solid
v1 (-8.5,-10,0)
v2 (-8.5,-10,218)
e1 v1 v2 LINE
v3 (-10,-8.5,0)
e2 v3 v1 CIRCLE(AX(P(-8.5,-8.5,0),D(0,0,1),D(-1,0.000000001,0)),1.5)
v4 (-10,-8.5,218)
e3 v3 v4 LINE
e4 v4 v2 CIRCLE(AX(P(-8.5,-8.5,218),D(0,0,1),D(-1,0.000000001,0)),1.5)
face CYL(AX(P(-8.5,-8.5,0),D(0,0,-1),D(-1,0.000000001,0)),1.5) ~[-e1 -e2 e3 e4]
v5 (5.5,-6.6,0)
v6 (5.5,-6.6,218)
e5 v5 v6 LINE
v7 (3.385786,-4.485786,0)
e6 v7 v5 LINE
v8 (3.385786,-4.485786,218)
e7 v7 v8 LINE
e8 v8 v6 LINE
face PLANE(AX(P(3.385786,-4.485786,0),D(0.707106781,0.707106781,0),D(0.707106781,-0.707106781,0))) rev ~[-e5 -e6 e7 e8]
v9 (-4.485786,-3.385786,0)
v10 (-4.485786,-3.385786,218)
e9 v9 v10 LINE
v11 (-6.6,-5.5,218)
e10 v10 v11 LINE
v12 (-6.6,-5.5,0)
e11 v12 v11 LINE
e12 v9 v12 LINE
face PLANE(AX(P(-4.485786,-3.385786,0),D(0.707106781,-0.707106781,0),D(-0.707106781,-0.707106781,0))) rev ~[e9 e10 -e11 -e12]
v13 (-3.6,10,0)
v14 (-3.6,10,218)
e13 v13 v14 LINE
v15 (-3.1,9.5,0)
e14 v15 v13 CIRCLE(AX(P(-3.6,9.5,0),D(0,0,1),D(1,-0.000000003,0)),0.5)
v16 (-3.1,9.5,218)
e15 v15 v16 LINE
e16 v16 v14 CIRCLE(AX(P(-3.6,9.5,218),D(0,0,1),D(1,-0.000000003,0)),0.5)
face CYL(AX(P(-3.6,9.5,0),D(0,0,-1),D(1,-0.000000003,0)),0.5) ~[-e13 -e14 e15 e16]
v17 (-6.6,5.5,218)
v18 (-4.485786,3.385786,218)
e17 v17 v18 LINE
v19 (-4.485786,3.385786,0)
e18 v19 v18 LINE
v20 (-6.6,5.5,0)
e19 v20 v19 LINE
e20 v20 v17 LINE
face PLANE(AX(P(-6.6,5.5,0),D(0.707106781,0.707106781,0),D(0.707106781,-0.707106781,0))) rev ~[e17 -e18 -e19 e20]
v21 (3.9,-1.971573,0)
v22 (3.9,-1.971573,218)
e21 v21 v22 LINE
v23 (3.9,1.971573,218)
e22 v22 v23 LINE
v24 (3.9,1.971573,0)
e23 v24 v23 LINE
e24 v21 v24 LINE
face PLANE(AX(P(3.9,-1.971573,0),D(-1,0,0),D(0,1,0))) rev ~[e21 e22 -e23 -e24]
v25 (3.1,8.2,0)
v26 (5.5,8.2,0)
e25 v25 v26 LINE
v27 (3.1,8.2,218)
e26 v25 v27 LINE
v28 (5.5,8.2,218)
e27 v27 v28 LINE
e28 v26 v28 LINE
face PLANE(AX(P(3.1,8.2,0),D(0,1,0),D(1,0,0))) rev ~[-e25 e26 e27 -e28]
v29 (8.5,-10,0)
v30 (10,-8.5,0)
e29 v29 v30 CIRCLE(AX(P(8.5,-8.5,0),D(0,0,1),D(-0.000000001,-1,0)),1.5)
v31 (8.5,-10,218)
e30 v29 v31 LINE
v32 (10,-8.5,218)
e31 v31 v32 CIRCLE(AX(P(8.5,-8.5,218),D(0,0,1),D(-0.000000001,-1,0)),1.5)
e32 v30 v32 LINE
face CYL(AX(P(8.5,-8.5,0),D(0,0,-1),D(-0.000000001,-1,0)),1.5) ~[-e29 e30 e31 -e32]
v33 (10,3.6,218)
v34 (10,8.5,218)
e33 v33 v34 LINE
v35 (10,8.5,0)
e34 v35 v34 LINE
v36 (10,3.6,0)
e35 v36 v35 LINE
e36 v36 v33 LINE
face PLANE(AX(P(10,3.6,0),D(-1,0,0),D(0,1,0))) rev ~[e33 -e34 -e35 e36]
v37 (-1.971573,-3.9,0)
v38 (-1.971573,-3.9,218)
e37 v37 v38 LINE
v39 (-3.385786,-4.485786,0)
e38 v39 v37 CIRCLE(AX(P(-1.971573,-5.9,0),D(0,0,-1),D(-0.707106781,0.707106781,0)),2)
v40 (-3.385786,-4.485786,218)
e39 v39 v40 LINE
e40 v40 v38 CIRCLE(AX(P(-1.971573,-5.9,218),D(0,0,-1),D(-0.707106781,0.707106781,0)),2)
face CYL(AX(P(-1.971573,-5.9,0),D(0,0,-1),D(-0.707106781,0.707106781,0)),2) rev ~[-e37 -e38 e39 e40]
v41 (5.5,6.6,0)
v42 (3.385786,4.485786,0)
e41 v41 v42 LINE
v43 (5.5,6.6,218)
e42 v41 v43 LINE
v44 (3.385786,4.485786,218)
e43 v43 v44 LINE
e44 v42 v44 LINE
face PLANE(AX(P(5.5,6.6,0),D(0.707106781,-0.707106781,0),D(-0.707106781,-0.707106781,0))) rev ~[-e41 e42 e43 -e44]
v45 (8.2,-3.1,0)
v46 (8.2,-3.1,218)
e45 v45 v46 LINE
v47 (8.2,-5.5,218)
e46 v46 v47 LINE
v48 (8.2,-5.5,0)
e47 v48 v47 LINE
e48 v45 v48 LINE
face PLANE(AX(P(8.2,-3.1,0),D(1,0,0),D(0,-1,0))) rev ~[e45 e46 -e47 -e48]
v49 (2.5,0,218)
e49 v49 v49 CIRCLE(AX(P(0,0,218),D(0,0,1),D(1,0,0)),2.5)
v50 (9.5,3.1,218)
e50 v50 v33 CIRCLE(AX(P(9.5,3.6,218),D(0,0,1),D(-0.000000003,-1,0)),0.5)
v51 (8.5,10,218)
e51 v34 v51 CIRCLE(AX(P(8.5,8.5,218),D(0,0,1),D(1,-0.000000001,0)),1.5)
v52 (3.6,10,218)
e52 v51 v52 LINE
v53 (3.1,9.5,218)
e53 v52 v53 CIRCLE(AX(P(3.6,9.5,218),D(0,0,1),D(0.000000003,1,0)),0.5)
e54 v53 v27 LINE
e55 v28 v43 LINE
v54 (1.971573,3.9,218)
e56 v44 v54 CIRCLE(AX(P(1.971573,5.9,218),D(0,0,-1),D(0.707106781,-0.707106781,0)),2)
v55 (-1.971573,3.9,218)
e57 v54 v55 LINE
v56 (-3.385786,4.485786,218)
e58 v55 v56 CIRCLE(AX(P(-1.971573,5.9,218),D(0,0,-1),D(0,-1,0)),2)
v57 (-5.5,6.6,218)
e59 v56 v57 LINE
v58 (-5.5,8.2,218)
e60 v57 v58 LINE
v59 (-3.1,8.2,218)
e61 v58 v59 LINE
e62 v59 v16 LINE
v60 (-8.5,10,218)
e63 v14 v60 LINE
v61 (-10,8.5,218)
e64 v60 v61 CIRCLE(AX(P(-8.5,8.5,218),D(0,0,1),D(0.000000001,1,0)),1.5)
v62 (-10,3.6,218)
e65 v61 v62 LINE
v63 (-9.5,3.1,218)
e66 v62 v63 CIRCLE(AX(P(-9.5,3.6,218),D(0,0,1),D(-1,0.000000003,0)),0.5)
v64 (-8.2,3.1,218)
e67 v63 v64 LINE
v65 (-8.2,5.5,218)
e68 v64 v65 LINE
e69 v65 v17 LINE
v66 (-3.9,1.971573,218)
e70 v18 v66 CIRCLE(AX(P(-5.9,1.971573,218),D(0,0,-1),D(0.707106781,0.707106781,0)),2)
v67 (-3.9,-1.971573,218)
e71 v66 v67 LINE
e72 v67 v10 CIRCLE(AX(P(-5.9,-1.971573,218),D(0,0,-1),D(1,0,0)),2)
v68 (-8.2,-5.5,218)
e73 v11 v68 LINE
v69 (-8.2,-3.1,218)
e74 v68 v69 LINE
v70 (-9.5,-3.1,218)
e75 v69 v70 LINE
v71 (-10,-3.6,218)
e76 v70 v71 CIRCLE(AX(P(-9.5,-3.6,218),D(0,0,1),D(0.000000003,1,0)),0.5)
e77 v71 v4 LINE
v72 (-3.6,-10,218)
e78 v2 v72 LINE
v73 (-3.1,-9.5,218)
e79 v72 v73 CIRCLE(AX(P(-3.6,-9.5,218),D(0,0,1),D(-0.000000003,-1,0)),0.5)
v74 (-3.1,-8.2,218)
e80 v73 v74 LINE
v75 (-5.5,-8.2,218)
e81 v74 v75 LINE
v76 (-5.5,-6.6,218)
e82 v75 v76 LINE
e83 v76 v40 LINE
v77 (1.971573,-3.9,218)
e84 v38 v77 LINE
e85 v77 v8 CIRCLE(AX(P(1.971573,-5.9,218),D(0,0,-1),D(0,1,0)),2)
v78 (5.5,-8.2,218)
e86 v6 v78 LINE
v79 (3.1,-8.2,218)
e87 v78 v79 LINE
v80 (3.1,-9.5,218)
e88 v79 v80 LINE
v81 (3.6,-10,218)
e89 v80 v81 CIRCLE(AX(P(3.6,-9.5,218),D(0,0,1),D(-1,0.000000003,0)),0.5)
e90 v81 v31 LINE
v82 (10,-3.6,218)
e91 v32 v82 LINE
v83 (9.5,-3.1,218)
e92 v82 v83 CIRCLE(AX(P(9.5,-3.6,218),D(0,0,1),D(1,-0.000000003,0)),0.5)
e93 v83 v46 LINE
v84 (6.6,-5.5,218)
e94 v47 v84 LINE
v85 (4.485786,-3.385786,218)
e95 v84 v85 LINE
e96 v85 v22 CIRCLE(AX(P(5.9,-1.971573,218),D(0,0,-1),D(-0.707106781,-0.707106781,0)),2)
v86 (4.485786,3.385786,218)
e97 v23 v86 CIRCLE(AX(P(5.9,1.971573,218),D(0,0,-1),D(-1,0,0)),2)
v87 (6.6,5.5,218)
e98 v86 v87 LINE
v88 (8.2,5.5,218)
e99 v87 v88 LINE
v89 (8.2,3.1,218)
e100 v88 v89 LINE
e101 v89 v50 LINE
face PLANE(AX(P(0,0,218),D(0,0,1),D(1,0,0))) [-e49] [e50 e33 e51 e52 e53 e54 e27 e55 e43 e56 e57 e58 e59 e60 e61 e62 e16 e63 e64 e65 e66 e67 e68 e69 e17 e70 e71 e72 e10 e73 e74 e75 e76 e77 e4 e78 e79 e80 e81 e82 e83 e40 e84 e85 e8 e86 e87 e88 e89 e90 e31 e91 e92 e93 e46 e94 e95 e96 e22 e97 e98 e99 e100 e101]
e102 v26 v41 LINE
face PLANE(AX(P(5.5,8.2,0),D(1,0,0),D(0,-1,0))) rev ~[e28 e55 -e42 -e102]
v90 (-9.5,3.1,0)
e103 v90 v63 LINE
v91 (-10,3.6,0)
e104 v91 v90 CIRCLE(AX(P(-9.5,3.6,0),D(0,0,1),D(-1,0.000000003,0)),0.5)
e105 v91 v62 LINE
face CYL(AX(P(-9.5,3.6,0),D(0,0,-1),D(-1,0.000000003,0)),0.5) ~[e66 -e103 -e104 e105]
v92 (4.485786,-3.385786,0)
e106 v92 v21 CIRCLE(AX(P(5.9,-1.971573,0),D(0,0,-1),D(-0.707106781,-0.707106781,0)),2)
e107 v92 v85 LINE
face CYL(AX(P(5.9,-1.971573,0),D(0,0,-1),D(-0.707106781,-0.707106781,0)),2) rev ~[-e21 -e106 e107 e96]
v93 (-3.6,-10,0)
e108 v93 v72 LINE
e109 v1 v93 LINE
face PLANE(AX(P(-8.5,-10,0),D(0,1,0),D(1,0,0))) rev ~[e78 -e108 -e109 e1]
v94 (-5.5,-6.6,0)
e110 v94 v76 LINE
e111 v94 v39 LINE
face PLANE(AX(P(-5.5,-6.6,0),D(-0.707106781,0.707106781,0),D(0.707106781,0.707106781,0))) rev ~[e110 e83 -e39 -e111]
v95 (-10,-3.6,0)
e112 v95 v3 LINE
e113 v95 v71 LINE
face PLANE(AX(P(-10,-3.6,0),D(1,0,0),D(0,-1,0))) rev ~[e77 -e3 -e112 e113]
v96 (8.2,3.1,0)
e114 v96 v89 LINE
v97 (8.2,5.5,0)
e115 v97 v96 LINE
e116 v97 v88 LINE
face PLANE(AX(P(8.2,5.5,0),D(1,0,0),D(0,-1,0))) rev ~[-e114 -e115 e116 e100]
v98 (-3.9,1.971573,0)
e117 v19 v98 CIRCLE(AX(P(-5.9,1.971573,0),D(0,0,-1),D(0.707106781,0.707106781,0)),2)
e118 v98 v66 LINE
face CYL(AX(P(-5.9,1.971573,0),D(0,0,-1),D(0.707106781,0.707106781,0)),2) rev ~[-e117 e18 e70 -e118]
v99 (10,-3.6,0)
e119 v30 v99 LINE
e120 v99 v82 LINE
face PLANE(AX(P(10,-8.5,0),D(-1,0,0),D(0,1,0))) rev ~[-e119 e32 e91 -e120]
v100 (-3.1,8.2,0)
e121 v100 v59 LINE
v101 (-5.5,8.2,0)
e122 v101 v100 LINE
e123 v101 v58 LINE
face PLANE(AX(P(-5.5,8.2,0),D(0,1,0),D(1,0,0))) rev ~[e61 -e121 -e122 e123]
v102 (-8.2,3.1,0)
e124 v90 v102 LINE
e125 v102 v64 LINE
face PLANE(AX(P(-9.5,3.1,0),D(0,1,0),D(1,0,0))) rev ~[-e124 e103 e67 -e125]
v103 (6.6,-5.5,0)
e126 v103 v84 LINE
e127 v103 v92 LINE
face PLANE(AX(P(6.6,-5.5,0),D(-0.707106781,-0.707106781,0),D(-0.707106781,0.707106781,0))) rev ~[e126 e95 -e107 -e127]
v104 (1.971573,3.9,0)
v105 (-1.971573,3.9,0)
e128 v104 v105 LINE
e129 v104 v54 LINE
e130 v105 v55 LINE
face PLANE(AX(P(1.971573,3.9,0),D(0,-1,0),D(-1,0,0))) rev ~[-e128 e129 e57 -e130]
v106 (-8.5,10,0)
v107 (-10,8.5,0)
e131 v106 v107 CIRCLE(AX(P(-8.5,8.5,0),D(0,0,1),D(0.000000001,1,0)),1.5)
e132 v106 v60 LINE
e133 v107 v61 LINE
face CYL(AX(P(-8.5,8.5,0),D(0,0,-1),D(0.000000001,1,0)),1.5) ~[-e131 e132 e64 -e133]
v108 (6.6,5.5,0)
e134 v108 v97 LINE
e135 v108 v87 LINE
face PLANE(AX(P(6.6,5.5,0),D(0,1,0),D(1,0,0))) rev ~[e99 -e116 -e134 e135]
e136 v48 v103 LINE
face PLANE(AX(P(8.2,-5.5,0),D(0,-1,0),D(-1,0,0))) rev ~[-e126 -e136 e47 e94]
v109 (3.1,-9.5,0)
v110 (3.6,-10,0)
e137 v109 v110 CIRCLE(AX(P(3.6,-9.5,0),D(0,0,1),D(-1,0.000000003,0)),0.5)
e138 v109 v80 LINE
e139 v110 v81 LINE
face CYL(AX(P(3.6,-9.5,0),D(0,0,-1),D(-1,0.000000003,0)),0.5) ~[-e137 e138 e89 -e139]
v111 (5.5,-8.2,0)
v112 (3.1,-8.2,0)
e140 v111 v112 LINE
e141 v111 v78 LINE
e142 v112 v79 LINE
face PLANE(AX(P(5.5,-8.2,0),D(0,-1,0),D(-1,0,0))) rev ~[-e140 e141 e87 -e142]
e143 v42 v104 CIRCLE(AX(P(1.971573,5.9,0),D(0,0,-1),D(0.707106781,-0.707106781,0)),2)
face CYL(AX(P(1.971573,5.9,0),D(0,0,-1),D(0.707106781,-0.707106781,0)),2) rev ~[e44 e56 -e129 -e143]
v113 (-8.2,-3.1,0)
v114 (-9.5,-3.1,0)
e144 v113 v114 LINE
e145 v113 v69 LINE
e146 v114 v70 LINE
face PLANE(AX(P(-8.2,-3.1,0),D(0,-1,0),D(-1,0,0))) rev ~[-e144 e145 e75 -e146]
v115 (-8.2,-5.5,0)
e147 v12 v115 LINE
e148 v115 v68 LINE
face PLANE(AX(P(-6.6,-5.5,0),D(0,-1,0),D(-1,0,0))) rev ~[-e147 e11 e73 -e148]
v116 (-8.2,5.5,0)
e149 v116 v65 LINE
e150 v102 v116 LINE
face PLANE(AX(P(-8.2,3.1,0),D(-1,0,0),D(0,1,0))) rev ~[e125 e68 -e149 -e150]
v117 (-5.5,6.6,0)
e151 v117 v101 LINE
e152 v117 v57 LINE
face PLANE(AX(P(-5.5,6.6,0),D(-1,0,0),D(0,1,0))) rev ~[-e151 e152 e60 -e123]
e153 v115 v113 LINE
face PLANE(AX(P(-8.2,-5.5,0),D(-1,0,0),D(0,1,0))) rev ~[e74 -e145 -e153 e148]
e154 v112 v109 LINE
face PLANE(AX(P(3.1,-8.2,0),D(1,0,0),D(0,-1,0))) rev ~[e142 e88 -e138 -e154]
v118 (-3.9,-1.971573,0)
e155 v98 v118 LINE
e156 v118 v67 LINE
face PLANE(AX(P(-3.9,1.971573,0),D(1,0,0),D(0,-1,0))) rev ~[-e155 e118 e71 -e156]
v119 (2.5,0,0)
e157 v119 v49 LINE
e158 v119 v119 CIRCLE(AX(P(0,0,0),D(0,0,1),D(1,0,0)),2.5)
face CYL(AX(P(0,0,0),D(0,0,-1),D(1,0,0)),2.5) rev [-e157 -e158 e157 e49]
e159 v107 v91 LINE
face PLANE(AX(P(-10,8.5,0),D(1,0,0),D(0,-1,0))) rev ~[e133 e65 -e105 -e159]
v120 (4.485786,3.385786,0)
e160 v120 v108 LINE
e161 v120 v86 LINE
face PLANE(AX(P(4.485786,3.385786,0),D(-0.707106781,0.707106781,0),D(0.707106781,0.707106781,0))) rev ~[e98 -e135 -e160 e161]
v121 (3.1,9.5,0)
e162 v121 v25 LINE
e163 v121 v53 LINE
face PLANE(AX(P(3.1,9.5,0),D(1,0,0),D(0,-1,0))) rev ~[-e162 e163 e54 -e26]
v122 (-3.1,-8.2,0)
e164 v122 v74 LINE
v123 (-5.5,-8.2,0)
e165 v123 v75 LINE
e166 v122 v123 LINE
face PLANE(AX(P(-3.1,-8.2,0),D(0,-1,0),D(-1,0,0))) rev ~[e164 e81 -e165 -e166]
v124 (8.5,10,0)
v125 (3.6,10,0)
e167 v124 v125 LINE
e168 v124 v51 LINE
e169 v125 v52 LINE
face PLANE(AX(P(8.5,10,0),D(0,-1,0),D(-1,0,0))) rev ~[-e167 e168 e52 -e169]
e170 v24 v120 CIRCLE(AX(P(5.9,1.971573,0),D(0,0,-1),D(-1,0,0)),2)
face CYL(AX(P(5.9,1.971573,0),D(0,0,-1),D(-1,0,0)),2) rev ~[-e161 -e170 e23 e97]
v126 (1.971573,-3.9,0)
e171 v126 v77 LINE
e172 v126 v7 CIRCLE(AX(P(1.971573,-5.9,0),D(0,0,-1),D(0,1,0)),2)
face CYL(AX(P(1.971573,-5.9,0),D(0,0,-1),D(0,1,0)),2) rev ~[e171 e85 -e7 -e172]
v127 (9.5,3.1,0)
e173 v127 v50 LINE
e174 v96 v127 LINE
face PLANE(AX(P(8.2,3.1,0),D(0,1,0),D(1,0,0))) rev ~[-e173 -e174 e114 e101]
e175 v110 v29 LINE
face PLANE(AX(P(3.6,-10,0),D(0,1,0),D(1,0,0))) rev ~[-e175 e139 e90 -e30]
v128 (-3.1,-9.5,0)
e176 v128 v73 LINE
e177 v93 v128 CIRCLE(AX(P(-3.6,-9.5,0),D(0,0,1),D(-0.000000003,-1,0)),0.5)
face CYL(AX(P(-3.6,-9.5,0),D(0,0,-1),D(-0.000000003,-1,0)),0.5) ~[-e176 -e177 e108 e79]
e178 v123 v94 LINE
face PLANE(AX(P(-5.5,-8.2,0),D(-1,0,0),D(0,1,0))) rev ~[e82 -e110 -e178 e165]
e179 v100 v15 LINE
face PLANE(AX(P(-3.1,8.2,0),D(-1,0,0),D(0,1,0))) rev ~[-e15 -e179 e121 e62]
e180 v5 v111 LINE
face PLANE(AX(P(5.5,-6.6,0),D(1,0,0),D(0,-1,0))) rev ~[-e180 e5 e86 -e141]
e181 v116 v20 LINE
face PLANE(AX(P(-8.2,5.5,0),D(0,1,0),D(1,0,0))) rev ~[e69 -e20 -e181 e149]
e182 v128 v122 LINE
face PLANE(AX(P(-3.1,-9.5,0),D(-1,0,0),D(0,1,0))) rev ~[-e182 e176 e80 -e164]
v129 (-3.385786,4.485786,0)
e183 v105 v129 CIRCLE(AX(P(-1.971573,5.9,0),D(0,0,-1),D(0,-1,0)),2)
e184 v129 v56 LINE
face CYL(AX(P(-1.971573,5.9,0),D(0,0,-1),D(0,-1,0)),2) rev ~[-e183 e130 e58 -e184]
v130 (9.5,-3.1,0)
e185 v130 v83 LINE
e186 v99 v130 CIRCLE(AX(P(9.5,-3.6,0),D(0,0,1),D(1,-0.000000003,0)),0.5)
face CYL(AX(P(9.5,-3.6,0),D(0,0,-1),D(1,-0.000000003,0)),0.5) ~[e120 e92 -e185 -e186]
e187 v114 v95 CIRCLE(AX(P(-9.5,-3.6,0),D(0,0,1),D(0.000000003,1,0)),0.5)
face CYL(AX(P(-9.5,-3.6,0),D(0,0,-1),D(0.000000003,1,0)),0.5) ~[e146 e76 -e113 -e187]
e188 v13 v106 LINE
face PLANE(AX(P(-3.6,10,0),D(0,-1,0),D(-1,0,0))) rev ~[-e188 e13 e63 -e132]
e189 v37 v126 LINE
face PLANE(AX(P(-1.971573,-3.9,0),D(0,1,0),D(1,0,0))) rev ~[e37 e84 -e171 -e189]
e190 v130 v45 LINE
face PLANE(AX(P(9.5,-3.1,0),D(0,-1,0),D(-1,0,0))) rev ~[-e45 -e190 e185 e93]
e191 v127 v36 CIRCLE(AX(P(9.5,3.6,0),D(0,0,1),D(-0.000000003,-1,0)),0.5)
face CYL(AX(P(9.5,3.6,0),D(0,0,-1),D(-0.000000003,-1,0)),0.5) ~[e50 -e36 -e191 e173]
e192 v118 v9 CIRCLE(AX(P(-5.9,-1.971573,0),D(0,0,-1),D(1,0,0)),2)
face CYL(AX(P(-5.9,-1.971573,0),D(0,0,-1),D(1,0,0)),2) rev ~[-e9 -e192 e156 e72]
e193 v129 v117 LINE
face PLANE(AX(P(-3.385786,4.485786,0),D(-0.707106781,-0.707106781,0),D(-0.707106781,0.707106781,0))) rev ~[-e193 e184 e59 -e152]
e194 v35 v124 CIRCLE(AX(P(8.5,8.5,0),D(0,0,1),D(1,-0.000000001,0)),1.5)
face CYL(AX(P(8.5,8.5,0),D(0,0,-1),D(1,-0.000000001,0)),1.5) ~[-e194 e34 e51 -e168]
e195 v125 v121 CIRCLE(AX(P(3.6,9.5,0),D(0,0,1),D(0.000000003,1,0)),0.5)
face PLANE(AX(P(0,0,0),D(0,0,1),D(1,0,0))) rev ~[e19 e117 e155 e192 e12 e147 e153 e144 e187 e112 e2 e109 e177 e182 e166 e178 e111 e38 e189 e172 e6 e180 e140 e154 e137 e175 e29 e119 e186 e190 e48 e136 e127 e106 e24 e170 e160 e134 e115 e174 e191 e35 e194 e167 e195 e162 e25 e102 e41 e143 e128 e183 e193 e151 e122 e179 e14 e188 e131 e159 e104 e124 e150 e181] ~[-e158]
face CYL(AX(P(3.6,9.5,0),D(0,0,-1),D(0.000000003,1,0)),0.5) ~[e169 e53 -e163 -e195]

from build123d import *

# Parameters (mm, degrees)
SKETCH_1_R      = 2.5
EXTRUDE_1_DEPTH = 218


with BuildPart() as part:
    # 草图1 → 凸台-拉伸1 (new body)
    with BuildSketch(Plane.XY):
        with BuildLine():
            Line((3.9, 0), (3.9, 1.971572875))
            ThreePointArc((3.9, 1.971572875), (4.052240935, 2.73693974), (4.485786438, 3.385786438))
            Line((4.485786438, 3.385786438), (6.6, 5.5))
            Line((6.6, 5.5), (8.2, 5.5))
            Line((8.2, 5.5), (8.2, 3.1))
            Line((8.2, 3.1), (9.5, 3.1))
            ThreePointArc((9.5, 3.1), (9.853553391, 3.246446609), (10, 3.6))
            Line((10, 3.6), (10, 8.5))
            ThreePointArc((10, 8.5), (9.560660172, 9.560660172), (8.5, 10))
            Line((8.5, 10), (3.6, 10))
            ThreePointArc((3.6, 10), (3.246446609, 9.853553391), (3.1, 9.5))
            Line((3.1, 9.5), (3.1, 8.2))
            Line((3.1, 8.2), (5.5, 8.2))
            Line((5.5, 8.2), (5.5, 6.6))
            Line((5.5, 6.6), (3.385786438, 4.485786438))
            ThreePointArc((3.385786438, 4.485786438), (2.73693974, 4.052240935), (1.971572875, 3.9))
            Line((1.971572875, 3.9), (0, 3.9))
            Line((0, 3.9), (-1.971572875, 3.9))
            ThreePointArc((-1.971572875, 3.9), (-2.73693974, 4.052240935), (-3.385786438, 4.485786438))
            Line((-3.385786438, 4.485786438), (-5.5, 6.6))
            Line((-5.5, 6.6), (-5.5, 8.2))
            Line((-5.5, 8.2), (-3.1, 8.2))
            Line((-3.1, 8.2), (-3.1, 9.5))
            ThreePointArc((-3.1, 9.5), (-3.246446609, 9.853553391), (-3.6, 10))
            Line((-3.6, 10), (-8.5, 10))
            ThreePointArc((-8.5, 10), (-9.560660172, 9.560660172), (-10, 8.5))
            Line((-10, 8.5), (-10, 3.6))
            ThreePointArc((-10, 3.6), (-9.853553391, 3.246446609), (-9.5, 3.1))
            Line((-9.5, 3.1), (-8.2, 3.1))
            Line((-8.2, 3.1), (-8.2, 5.5))
            Line((-8.2, 5.5), (-6.6, 5.5))
            Line((-6.6, 5.5), (-4.485786438, 3.385786438))
            ThreePointArc((-4.485786438, 3.385786438), (-4.052240935, 2.73693974), (-3.9, 1.971572875))
            Line((-3.9, 1.971572875), (-3.9, 0))
            Line((-3.9, 0), (-3.9, -1.971572875))
            ThreePointArc((-3.9, -1.971572875), (-4.052240935, -2.73693974), (-4.485786438, -3.385786438))
            Line((-4.485786438, -3.385786438), (-6.6, -5.5))
            Line((-6.6, -5.5), (-8.2, -5.5))
            Line((-8.2, -5.5), (-8.2, -3.1))
            Line((-8.2, -3.1), (-9.5, -3.1))
            ThreePointArc((-9.5, -3.1), (-9.853553391, -3.246446609), (-10, -3.6))
            Line((-10, -3.6), (-10, -8.5))
            ThreePointArc((-10, -8.5), (-9.560660172, -9.560660172), (-8.5, -10))
            Line((-8.5, -10), (-3.6, -10))
            ThreePointArc((-3.6, -10), (-3.246446609, -9.853553391), (-3.1, -9.5))
            Line((-3.1, -9.5), (-3.1, -8.2))
            Line((-3.1, -8.2), (-5.5, -8.2))
            Line((-5.5, -8.2), (-5.5, -6.6))
            Line((-5.5, -6.6), (-3.385786438, -4.485786438))
            ThreePointArc((-3.385786438, -4.485786438), (-2.73693974, -4.052240935), (-1.971572875, -3.9))
            Line((-1.971572875, -3.9), (0, -3.9))
            Line((0, -3.9), (1.971572875, -3.9))
            ThreePointArc((1.971572875, -3.9), (2.73693974, -4.052240935), (3.385786438, -4.485786438))
            Line((3.385786438, -4.485786438), (5.5, -6.6))
            Line((5.5, -6.6), (5.5, -8.2))
            Line((5.5, -8.2), (3.1, -8.2))
            Line((3.1, -8.2), (3.1, -9.5))
            ThreePointArc((3.1, -9.5), (3.246446609, -9.853553391), (3.6, -10))
            Line((3.6, -10), (8.5, -10))
            ThreePointArc((8.5, -10), (9.560660172, -9.560660172), (10, -8.5))
            Line((10, -8.5), (10, -3.6))
            ThreePointArc((10, -3.6), (9.853553391, -3.246446609), (9.5, -3.1))
            Line((9.5, -3.1), (8.2, -3.1))
            Line((8.2, -3.1), (8.2, -5.5))
            Line((8.2, -5.5), (6.6, -5.5))
            Line((6.6, -5.5), (4.485786438, -3.385786438))
            ThreePointArc((4.485786438, -3.385786438), (4.052240935, -2.73693974), (3.9, -1.971572875))
            Line((3.9, -1.971572875), (3.9, 0))
        make_face()
        Circle(SKETCH_1_R, mode=Mode.SUBTRACT)
    extrude(amount=EXTRUDE_1_DEPTH)


solid = part.part
